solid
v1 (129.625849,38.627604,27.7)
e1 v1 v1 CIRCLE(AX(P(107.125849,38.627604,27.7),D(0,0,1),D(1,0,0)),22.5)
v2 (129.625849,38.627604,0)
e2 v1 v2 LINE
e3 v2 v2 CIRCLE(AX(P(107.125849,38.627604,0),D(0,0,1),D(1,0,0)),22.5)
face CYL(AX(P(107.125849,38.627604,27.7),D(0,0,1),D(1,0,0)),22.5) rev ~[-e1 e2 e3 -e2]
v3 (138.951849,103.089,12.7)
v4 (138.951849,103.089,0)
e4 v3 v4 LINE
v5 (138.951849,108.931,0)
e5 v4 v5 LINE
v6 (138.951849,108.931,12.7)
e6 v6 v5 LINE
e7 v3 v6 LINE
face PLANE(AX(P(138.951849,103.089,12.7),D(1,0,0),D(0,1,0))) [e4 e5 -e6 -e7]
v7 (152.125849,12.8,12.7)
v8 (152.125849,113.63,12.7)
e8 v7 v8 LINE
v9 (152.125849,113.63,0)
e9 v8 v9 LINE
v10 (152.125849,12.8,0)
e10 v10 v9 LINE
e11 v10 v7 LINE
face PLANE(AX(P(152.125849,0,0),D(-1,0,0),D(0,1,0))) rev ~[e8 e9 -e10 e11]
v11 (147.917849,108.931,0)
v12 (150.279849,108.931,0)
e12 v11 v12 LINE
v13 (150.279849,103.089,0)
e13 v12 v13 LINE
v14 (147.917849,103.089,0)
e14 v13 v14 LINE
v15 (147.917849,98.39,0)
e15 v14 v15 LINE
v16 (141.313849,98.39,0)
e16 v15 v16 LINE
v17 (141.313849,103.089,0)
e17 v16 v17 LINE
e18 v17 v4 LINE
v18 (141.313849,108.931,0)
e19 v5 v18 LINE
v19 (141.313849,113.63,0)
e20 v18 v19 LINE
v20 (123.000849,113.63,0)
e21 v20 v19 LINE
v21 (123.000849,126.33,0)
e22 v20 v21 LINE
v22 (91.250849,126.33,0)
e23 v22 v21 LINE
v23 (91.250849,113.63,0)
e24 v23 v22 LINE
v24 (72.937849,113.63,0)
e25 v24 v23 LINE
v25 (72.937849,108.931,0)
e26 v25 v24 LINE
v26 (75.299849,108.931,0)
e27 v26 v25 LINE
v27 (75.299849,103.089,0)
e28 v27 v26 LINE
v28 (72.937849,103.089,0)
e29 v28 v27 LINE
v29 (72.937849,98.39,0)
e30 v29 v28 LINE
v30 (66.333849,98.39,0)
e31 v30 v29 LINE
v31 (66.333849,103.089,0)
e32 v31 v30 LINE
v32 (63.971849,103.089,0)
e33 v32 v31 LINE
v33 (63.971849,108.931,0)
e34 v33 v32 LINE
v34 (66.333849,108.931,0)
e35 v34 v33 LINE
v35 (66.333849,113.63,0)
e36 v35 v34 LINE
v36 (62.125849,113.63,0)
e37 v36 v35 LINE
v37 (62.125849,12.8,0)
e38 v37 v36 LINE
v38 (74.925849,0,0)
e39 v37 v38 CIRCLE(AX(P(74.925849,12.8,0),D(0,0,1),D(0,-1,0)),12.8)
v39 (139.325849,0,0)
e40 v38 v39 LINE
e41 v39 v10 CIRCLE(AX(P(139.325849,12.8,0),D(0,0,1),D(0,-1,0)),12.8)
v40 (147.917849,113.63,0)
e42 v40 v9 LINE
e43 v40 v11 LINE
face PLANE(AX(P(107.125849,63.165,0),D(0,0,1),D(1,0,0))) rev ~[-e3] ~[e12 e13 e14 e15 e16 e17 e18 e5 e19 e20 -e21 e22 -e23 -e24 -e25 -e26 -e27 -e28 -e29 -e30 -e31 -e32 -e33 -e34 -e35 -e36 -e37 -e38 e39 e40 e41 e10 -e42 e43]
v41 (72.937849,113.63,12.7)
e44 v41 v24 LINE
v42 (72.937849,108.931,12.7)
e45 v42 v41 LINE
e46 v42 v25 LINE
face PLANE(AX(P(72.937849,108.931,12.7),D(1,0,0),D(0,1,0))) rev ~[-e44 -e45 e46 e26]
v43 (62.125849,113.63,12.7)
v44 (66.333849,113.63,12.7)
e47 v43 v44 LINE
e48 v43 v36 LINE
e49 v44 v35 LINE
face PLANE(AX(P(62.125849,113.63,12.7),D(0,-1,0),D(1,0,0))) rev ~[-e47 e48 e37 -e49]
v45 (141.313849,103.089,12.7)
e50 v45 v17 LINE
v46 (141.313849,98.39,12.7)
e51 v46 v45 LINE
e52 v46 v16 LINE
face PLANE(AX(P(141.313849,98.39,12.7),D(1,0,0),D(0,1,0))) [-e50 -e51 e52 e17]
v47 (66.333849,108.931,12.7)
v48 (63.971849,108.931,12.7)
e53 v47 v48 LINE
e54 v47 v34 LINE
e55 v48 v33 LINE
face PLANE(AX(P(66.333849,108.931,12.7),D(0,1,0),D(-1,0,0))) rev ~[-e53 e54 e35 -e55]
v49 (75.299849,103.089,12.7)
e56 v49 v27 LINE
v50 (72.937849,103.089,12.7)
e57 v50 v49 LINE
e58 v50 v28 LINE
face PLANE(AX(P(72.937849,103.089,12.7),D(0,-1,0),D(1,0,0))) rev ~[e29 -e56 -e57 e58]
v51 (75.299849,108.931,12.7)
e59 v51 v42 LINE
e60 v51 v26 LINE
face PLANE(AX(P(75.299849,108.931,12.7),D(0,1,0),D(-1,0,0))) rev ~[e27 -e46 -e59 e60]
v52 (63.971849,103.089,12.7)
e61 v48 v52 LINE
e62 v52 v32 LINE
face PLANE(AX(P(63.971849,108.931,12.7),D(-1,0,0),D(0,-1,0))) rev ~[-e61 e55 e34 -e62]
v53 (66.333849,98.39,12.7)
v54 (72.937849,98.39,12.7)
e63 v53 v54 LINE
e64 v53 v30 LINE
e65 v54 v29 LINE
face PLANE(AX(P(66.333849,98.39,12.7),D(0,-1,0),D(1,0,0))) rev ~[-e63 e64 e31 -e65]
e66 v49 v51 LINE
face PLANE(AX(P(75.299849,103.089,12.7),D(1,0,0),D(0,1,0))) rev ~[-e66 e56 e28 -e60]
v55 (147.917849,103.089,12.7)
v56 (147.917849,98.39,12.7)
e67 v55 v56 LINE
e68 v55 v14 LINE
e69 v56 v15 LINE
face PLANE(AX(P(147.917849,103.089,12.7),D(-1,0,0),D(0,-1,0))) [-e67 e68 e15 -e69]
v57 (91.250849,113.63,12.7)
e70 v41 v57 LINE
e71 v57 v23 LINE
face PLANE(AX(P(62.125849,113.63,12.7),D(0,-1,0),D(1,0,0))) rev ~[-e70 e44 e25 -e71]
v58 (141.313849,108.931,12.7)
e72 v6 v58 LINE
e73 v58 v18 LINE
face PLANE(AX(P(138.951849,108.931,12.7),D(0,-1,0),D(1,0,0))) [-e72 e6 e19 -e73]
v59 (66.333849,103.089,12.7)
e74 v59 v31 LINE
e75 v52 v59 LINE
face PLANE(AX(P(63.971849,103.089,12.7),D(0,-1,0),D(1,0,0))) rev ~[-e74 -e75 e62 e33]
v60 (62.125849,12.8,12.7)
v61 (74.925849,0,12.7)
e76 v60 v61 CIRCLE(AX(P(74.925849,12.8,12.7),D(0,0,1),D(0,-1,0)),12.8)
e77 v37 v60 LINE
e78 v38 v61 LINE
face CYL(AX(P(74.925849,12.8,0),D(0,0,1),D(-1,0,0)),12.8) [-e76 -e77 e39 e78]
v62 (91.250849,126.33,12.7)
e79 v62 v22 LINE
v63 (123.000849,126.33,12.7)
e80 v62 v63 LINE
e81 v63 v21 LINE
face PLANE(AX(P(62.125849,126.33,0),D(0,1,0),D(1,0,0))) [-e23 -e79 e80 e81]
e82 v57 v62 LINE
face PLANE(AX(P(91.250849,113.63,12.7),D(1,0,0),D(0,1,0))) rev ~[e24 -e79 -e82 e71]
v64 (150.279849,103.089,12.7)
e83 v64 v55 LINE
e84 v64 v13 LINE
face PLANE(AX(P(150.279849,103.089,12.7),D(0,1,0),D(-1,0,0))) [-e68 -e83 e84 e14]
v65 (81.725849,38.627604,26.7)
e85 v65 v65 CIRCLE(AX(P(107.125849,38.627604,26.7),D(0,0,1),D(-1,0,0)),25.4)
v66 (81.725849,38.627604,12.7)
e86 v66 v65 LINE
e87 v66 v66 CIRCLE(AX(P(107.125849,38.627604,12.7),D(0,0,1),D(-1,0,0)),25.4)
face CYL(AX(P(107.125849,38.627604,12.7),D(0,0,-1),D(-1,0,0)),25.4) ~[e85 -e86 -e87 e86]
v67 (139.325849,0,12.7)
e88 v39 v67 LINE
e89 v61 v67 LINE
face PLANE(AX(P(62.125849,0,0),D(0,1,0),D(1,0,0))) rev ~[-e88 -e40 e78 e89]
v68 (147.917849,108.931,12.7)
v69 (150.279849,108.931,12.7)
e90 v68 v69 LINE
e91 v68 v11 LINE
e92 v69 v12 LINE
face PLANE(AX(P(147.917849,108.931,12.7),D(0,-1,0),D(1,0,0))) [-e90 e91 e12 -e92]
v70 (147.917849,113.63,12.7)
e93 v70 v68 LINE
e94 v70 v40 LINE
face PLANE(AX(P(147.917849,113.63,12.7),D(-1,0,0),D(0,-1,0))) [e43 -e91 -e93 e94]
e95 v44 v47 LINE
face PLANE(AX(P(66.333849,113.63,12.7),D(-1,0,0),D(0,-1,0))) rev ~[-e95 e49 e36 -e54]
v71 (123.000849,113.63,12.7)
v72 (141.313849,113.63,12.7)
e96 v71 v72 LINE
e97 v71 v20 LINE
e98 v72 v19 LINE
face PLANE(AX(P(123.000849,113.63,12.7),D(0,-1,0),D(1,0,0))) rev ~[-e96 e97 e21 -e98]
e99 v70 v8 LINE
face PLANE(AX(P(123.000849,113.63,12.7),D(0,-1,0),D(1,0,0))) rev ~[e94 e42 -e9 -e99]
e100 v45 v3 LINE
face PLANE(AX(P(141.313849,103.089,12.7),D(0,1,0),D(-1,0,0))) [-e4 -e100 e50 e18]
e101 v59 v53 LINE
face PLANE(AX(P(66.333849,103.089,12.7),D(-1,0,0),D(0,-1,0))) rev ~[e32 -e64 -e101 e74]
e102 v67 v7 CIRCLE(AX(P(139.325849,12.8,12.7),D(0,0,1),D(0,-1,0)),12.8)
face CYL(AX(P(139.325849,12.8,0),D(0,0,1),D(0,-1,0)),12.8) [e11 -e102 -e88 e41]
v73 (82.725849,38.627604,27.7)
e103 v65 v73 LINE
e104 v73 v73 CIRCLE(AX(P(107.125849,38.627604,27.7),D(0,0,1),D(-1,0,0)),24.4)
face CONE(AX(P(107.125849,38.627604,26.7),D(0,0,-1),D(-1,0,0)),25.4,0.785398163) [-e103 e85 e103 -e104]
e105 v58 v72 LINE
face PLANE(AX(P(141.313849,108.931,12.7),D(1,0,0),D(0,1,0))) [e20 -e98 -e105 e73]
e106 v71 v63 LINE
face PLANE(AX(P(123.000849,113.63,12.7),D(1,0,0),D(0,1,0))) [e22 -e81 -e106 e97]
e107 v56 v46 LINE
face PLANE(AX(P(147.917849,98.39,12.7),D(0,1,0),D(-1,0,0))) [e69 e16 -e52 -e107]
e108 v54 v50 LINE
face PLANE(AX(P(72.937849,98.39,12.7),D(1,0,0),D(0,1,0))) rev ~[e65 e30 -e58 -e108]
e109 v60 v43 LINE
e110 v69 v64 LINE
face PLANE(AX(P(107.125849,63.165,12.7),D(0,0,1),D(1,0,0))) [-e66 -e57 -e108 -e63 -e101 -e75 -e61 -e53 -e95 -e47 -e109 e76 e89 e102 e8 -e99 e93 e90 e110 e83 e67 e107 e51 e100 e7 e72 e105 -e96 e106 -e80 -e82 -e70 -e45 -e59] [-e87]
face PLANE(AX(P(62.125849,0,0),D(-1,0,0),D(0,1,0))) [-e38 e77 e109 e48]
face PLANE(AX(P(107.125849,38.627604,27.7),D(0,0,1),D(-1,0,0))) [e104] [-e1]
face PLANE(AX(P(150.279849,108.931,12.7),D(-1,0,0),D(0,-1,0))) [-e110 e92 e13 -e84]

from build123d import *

# Parameters (mm, degrees)
SKETCH12_W           = 90
SKETCH12_H           = 126.33
BOSS_EXTRUDE10_DEPTH = 12.7
SKETCH15_R           = 25.4
BOSS_EXTRUDE11_DEPTH = 15
SKETCH23_R           = 22.5
CUT_EXTRUDE7_DEPTH   = 200.671813095
FILLET2_R            = 12.8
SKETCH25_W           = 29.125
SKETCH25_H           = 12.7
CUT_EXTRUDE9_DEPTH   = 199.309210439
CUT_EXTRUDE10_DEPTH  = 199.309210439
CHAMFER1_SIZE        = 1


with BuildPart() as part:
    # Sketch12 → Boss-Extrude10 (new body)
    with BuildSketch(Plane.XY):
        with Locations((107.125849364, 63.165)):
            Rectangle(SKETCH12_W, SKETCH12_H)
    extrude(amount=BOSS_EXTRUDE10_DEPTH)

    # Sketch15 → Boss-Extrude11 (add)
    with BuildSketch(Plane.XY.offset(12.7)):
        with Locations((107.125849364, 38.627603634)):
            Circle(SKETCH15_R)
    extrude(amount=BOSS_EXTRUDE11_DEPTH)

    # Sketch23 → Cut-Extrude7 (cut, through all)
    with BuildSketch(Plane.XY.offset(27.7)):
        with Locations((107.125849364, 38.627603634)):
            Circle(SKETCH23_R)
    extrude(amount=-CUT_EXTRUDE7_DEPTH, mode=Mode.SUBTRACT)

    # Fillet2
    fillet2_edges = [part.edges().sort_by_distance(p)[0] for p in [
        (152.125849364, 0, 6.35),
        (62.125849364, 0, 6.35),
    ]]
    fillet(fillet2_edges, radius=FILLET2_R)

    # Sketch25 → Cut-Extrude9 (cut, through all)
    with BuildSketch(Plane.XY.offset(12.7)):
        with Locations((137.563349364, 119.98)):
            Rectangle(SKETCH25_W, SKETCH25_H)
        with Locations((76.688349364, 119.98)):
            Rectangle(SKETCH25_W, SKETCH25_H)
    extrude(amount=-CUT_EXTRUDE9_DEPTH, mode=Mode.SUBTRACT)

    # Sketch27 → Cut-Extrude10 (cut, through all)
    with BuildSketch(Plane.XY.offset(12.7)):
        Polygon((147.917849364, 113.63), (147.917849364, 108.931), (150.279849364, 108.931), (150.279849364, 103.089), (147.917849364, 103.089), (147.917849364, 98.39), (141.313849364, 98.39), (141.313849364, 103.089), (138.951849364, 103.089), (138.951849364, 108.931), (141.313849364, 108.931), (141.313849364, 113.63), align=None)
        Polygon((72.937849364, 103.089), (75.299849364, 103.089), (75.299849364, 108.931), (72.937849364, 108.931), (72.937849364, 113.63), (66.333849364, 113.63), (66.333849364, 108.931), (63.971849364, 108.931), (63.971849364, 103.089), (66.333849364, 103.089), (66.333849364, 98.39), (72.937849364, 98.39), align=None)
    extrude(amount=-CUT_EXTRUDE10_DEPTH, mode=Mode.SUBTRACT)

    # Chamfer1
    chamfer1_edges = [part.edges().sort_by_distance(p)[0] for p in [
        (81.725849364, 38.627603634, 27.7),
    ]]
    chamfer(chamfer1_edges, length=CHAMFER1_SIZE)


solid = part.part
